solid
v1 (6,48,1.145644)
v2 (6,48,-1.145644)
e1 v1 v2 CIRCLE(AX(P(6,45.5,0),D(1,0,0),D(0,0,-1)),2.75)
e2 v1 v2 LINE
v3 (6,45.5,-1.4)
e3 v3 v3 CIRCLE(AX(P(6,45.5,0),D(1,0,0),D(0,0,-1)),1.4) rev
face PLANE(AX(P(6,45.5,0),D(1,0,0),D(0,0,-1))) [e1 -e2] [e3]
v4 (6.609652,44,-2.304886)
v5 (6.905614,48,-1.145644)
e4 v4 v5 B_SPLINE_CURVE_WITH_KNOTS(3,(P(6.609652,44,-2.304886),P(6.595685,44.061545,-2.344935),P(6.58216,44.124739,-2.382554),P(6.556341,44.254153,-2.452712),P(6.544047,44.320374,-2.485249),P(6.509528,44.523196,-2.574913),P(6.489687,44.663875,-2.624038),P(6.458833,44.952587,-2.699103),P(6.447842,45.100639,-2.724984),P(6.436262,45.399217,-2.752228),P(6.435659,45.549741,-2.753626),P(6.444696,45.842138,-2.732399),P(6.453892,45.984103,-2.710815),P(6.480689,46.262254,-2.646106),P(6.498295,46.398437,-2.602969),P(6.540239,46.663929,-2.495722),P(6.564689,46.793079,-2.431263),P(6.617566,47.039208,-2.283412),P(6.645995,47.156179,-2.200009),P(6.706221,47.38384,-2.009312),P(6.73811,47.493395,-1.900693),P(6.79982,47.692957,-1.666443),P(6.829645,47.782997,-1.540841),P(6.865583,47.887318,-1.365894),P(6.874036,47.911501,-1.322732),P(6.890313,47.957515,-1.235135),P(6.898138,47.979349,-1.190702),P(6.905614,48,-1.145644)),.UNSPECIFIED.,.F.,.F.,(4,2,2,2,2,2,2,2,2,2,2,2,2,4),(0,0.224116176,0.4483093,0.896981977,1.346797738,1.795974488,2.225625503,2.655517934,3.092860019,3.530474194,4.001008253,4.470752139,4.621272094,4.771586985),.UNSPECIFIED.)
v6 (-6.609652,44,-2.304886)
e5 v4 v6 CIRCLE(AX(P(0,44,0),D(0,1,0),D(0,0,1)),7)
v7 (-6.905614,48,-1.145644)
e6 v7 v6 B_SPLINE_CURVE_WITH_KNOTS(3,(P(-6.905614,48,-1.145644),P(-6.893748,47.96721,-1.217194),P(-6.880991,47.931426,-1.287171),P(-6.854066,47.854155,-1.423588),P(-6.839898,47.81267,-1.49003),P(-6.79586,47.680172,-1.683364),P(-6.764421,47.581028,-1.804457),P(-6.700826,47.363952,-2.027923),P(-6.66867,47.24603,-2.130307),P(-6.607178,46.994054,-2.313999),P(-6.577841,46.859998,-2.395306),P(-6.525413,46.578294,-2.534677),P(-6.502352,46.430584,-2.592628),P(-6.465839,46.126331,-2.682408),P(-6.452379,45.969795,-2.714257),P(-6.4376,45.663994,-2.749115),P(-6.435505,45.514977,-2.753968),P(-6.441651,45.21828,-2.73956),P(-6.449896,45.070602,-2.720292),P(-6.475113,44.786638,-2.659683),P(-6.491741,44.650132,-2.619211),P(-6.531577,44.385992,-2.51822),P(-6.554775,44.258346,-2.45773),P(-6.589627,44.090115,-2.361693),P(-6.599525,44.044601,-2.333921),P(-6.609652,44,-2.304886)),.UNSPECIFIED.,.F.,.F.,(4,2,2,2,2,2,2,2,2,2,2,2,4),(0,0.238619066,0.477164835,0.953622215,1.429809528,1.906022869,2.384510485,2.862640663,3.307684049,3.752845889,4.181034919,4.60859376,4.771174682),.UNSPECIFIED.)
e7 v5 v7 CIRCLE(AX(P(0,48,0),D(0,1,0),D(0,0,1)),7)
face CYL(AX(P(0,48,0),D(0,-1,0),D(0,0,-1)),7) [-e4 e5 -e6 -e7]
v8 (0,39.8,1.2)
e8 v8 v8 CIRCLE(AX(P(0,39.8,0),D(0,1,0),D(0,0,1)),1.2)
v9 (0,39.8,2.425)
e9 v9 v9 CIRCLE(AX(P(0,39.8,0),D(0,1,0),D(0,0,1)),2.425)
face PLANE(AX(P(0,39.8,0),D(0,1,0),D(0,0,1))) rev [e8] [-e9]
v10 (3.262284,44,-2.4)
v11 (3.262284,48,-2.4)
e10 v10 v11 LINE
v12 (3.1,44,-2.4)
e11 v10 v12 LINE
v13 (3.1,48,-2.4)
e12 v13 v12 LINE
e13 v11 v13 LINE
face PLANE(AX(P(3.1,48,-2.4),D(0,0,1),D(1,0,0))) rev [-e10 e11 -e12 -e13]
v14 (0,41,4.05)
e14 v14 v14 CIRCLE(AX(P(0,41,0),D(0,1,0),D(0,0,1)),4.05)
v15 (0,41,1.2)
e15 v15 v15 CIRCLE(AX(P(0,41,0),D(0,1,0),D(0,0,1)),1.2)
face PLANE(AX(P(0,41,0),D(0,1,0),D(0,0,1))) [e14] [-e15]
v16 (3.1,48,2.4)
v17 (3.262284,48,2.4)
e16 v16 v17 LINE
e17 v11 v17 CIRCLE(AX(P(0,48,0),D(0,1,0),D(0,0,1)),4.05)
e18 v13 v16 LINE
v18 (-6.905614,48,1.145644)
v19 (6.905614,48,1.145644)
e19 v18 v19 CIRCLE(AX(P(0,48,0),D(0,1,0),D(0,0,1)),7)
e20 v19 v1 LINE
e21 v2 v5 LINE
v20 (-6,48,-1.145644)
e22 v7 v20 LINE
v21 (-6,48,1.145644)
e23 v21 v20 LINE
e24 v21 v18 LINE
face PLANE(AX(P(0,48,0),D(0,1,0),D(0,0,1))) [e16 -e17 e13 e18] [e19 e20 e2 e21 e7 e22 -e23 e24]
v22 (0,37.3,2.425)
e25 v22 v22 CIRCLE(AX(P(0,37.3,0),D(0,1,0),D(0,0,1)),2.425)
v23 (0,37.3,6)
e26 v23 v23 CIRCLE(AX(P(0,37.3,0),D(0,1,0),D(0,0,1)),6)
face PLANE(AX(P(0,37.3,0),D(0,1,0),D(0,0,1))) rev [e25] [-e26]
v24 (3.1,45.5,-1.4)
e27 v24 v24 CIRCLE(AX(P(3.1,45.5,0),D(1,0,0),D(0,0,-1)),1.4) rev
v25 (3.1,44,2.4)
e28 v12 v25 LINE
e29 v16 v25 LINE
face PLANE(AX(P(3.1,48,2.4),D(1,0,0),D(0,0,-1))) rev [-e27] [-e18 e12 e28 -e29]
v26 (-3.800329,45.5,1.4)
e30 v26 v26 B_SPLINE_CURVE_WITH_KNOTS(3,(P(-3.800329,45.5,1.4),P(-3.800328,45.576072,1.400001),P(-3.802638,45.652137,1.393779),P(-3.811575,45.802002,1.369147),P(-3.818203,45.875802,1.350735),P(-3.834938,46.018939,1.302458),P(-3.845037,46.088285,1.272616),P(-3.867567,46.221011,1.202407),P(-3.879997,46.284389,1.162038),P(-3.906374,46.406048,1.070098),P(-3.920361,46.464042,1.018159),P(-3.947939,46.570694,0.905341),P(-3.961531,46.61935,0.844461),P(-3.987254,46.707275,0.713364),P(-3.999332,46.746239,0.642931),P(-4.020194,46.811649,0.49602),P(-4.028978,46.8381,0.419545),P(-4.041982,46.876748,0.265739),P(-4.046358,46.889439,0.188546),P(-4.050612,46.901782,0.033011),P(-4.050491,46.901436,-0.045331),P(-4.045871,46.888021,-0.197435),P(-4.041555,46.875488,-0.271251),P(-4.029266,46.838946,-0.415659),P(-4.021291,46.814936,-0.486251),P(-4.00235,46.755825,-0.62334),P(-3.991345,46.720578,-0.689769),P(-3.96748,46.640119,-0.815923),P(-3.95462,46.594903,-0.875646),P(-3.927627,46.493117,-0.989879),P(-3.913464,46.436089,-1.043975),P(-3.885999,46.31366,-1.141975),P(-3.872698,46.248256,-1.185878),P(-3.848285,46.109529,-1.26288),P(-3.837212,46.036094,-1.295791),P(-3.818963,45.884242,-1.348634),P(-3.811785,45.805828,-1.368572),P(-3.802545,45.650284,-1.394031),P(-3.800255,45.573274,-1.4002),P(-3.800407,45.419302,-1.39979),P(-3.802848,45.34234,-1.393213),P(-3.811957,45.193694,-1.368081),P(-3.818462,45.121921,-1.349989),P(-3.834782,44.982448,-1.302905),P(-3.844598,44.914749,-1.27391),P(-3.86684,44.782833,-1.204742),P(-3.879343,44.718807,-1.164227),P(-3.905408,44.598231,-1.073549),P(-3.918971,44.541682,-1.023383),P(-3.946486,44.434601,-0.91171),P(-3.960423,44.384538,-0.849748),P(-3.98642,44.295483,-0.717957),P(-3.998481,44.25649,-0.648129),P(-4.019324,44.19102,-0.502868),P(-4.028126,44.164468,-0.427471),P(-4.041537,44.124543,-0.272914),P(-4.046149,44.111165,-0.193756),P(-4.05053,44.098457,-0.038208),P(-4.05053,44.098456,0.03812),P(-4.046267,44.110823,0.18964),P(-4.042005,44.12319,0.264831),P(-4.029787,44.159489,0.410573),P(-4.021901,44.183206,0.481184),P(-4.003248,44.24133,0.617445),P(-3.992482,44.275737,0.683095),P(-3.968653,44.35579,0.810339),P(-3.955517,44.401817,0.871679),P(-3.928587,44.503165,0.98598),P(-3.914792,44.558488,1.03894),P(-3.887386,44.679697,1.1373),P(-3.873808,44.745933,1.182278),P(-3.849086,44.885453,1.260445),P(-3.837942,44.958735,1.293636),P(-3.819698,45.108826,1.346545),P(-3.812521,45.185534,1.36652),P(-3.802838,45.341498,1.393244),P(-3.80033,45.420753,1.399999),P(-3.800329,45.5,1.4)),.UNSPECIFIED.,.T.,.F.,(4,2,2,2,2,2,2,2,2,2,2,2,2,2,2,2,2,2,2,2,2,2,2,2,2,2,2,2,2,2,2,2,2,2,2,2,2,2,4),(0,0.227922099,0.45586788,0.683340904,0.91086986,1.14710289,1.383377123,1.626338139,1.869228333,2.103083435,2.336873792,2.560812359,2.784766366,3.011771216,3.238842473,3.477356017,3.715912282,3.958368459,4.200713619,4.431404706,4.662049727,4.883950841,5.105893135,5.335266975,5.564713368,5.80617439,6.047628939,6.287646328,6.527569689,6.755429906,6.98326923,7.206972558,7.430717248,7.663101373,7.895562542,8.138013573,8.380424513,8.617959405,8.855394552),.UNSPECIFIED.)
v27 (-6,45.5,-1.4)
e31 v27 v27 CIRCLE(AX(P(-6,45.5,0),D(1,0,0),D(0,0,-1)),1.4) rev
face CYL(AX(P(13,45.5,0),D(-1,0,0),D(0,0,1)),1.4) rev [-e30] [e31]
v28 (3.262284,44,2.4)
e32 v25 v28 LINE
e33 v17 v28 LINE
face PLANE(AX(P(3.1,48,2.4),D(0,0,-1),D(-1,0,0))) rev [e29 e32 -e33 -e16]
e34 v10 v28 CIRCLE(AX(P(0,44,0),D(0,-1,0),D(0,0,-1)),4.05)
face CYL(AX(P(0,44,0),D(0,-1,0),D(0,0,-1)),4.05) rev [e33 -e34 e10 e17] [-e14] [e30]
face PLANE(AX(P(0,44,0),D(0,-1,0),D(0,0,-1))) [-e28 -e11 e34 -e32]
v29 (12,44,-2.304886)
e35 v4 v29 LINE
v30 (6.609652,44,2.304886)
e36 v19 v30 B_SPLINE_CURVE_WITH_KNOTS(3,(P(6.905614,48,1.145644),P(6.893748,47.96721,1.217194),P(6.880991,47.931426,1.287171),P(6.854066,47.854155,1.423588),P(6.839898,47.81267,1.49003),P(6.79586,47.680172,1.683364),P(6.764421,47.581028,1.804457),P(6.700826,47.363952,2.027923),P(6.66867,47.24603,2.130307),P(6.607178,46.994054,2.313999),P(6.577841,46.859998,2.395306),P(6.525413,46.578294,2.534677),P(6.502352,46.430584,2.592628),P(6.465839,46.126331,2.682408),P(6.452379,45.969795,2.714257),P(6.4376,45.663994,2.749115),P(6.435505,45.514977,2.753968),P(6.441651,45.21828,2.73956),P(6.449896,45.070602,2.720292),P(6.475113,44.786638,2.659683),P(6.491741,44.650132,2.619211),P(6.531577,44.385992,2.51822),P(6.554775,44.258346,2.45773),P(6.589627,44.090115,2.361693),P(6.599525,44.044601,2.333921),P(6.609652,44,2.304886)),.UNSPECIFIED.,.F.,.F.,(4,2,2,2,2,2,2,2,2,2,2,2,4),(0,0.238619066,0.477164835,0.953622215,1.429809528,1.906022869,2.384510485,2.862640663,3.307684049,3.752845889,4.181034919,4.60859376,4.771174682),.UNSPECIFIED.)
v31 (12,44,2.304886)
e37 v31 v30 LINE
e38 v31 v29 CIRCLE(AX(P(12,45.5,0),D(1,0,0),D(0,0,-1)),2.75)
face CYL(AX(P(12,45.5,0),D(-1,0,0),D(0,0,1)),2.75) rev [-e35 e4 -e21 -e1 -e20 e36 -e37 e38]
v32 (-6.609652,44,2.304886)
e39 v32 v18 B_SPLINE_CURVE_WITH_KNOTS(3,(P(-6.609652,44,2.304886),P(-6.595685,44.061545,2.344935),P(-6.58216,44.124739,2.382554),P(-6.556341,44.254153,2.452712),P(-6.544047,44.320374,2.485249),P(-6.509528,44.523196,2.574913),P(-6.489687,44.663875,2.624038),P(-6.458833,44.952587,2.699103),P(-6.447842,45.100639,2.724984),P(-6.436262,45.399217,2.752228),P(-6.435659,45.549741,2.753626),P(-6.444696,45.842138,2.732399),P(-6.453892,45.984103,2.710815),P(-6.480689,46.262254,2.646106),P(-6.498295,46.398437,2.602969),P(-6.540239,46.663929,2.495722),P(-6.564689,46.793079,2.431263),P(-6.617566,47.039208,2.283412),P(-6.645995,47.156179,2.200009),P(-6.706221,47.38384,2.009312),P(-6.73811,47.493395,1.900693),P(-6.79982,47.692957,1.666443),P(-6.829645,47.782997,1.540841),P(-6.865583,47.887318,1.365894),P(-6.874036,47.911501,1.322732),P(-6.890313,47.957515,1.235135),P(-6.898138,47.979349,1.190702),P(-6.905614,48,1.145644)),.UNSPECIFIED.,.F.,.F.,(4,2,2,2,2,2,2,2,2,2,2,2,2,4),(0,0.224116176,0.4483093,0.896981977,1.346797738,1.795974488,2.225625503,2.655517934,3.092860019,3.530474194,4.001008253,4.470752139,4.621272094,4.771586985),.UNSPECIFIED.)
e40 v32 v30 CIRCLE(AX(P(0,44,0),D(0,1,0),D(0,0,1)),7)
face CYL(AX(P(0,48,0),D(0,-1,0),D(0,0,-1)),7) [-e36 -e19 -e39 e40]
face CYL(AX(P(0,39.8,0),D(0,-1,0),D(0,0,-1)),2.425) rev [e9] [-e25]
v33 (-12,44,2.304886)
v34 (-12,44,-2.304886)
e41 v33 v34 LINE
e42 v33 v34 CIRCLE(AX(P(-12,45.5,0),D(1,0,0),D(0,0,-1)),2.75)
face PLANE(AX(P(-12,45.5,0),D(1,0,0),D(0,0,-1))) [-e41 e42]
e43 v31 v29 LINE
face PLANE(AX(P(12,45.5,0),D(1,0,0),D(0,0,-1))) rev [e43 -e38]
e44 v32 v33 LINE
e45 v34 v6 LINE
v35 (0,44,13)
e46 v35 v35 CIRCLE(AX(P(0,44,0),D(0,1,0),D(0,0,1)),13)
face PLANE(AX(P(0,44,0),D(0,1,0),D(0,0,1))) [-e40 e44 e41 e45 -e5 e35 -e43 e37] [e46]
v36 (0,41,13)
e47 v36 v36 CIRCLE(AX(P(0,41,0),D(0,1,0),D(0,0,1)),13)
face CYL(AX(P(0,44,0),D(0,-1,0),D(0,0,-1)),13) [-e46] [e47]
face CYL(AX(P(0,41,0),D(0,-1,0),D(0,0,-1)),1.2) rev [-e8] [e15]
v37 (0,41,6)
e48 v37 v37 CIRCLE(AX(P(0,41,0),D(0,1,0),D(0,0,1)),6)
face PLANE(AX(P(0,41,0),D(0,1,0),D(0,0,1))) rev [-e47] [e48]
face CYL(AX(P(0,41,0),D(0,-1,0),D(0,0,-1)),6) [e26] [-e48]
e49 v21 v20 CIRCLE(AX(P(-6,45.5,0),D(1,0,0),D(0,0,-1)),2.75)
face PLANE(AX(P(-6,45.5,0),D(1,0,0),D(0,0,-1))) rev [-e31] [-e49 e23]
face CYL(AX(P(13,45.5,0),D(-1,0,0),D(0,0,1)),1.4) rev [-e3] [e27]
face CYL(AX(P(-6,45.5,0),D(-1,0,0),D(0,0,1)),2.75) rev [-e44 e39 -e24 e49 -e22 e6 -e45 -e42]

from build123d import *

# Parameters (mm, degrees)
STOCK_HORN_DRIVE_FLANGE_START                 = 41
STOCK_HORN_DRIVE_FLANGE_PROFILE_R             = 13
STOCK_HORN_DRIVE_FLANGE_PROFILE_R_2           = 4.05
STOCK_HORN_DRIVE_FLANGE_DEPTH                 = 3
D_COUPLING_RING_START                         = 44
D_COUPLING_RING_PROFILE_R                     = 7
D_COUPLING_RING_PROFILE_R_2                   = 4.05
D_COUPLING_RING_DEPTH                         = 4
D_KEY_LAND_START                              = 44
D_KEY_LAND_PROFILE_W                          = 2.9
D_KEY_LAND_PROFILE_H                          = 4.8
D_KEY_LAND_DEPTH                              = 4
YAW_POSITIVE_RETENTION_CROSSBOLT_START        = -10
YAW_POSITIVE_RETENTION_CROSSBOLT_PROFILE_R    = 1.1
YAW_POSITIVE_RETENTION_CROSSBOLT_DEPTH        = 62.400389104
CROSSBOLT_FLAT_SEAT_CUT_12_START              = -12
CROSSBOLT_FLAT_SEAT_12_R                      = 2.75
CROSSBOLT_FLAT_SEAT_CUT_12_DEPTH              = 6
CROSSBOLT_FLAT_SEAT_CUT_6_START               = 6
CROSSBOLT_FLAT_SEAT_6_R                       = 2.75
CROSSBOLT_FLAT_SEAT_CUT_6_DEPTH               = 6
SG90_SPLINE_SOCKET_BOSS_OD12_START            = 37.3
SG90_SPLINE_SOCKET_BOSS_PROFILE_R             = 6
SG90_SPLINE_SOCKET_BOSS_OD12_DEPTH            = 3.7
SG90_SPLINE_PRESS_SOCKET_D4P85_DEPTH2P5_START = 37.3
SG90_SPLINE_PRESS_SOCKET_D4P85_DEPTH_2_R      = 2.425
SG90_SPLINE_PRESS_SOCKET_D4P85_DEPTH2P5_DEPTH = 2.5
SG90_CENTRE_SCREW_CLEARANCE_D2P4_START        = 39.8
SG90_CENTRE_SCREW_CLEARANCE_D2P4_PROFILE_R    = 1.2
SG90_CENTRE_SCREW_CLEARANCE_D2P4_DEPTH        = 1.2
CROSSBOLT_AXIAL_FLOAT_CLEARANCE_D2P8_START    = -10
CROSSBOLT_AXIAL_FLOAT_CLEARANCE_D2P8_PRO_R    = 1.4
CROSSBOLT_AXIAL_FLOAT_CLEARANCE_D2P8_DEPTH    = 62.400389197


with BuildPart() as part:
    # Stock_horn_drive_flange_profile → Stock_horn_drive_flange (new body)
    with BuildSketch(Plane(origin=(0, 0, 0), x_dir=(1, 0, 0), z_dir=(0, 1, 0)).offset(STOCK_HORN_DRIVE_FLANGE_START)):
        with Locations(Location((0, 0, 0), (0, 0, 270))):
            Circle(STOCK_HORN_DRIVE_FLANGE_PROFILE_R)
        with Locations(Location((0, 0, 0), (0, 0, 270))):
            Circle(STOCK_HORN_DRIVE_FLANGE_PROFILE_R_2, mode=Mode.SUBTRACT)
    extrude(amount=STOCK_HORN_DRIVE_FLANGE_DEPTH)

    # D_coupling_ring_profile → D_coupling_ring (add)
    with BuildSketch(Plane(origin=(0, 0, 0), x_dir=(1, 0, 0), z_dir=(0, 1, 0)).offset(D_COUPLING_RING_START)):
        with Locations(Location((0, 0, 0), (0, 0, 270))):
            Circle(D_COUPLING_RING_PROFILE_R)
        with Locations(Location((0, 0, 0), (0, 0, 270))):
            Circle(D_COUPLING_RING_PROFILE_R_2, mode=Mode.SUBTRACT)
    extrude(amount=D_COUPLING_RING_DEPTH)

    # D_key_land_profile → D_key_land (add)
    with BuildSketch(Plane(origin=(0, 0, 0), x_dir=(1, 0, 0), z_dir=(0, 1, 0)).offset(D_KEY_LAND_START)):
        with Locations((4.55, 0)):
            Rectangle(D_KEY_LAND_PROFILE_W, D_KEY_LAND_PROFILE_H)
    extrude(amount=D_KEY_LAND_DEPTH)

    # Yaw_positive_retention_crossbolt_profile → Yaw_positive_retention_crossbolt (cut, through all)
    with BuildSketch(Plane(origin=(0, 0, 0), x_dir=(0, 0, -1), z_dir=(1, 0, 0)).offset(YAW_POSITIVE_RETENTION_CROSSBOLT_START)):
        with Locations(Location((0, 45.5, 0), (0, 0, 180))):
            Circle(YAW_POSITIVE_RETENTION_CROSSBOLT_PROFILE_R)
    extrude(amount=YAW_POSITIVE_RETENTION_CROSSBOLT_DEPTH, mode=Mode.SUBTRACT)

    # Crossbolt_flat_seat_-12 → Crossbolt_flat_seat_cut_-12 (cut)
    with BuildSketch(Plane(origin=(0, 0, 0), x_dir=(0, 0, -1), z_dir=(1, 0, 0)).offset(CROSSBOLT_FLAT_SEAT_CUT_12_START)):
        with Locations((0, 45.5)):
            Circle(CROSSBOLT_FLAT_SEAT_12_R)
    extrude(amount=CROSSBOLT_FLAT_SEAT_CUT_12_DEPTH, mode=Mode.SUBTRACT)

    # Crossbolt_flat_seat_6 → Crossbolt_flat_seat_cut_6 (cut)
    with BuildSketch(Plane(origin=(0, 0, 0), x_dir=(0, 0, -1), z_dir=(1, 0, 0)).offset(CROSSBOLT_FLAT_SEAT_CUT_6_START)):
        with Locations((0, 45.5)):
            Circle(CROSSBOLT_FLAT_SEAT_6_R)
    extrude(amount=CROSSBOLT_FLAT_SEAT_CUT_6_DEPTH, mode=Mode.SUBTRACT)

    # SG90_spline_socket_boss_profile → SG90_spline_socket_boss_OD12 (add)
    with BuildSketch(Plane(origin=(0, 0, 0), x_dir=(1, 0, 0), z_dir=(0, 1, 0)).offset(SG90_SPLINE_SOCKET_BOSS_OD12_START)):
        with Locations(Location((0, 0, 0), (0, 0, 270))):
            Circle(SG90_SPLINE_SOCKET_BOSS_PROFILE_R)
    extrude(amount=SG90_SPLINE_SOCKET_BOSS_OD12_DEPTH)

    # SG90_spline_press_socket_D4p85_depth 2 → SG90_spline_press_socket_D4p85_depth2p5 (cut)
    with BuildSketch(Plane(origin=(0, 0, 0), x_dir=(1, 0, 0), z_dir=(0, 1, 0)).offset(SG90_SPLINE_PRESS_SOCKET_D4P85_DEPTH2P5_START)):
        with Locations(Location((0, 0, 0), (0, 0, 270))):
            Circle(SG90_SPLINE_PRESS_SOCKET_D4P85_DEPTH_2_R)
    extrude(amount=SG90_SPLINE_PRESS_SOCKET_D4P85_DEPTH2P5_DEPTH, mode=Mode.SUBTRACT)

    # SG90_centre_screw_clearance_D2p4_profile → SG90_centre_screw_clearance_D2p4 (cut)
    with BuildSketch(Plane(origin=(0, 0, 0), x_dir=(1, 0, 0), z_dir=(0, 1, 0)).offset(SG90_CENTRE_SCREW_CLEARANCE_D2P4_START)):
        with Locations(Location((0, 0, 0), (0, 0, 270))):
            Circle(SG90_CENTRE_SCREW_CLEARANCE_D2P4_PROFILE_R)
    extrude(amount=SG90_CENTRE_SCREW_CLEARANCE_D2P4_DEPTH, mode=Mode.SUBTRACT)

    # Crossbolt_axial_float_clearance_D2p8_profile → Crossbolt_axial_float_clearance_D2p8 (cut, through all)
    with BuildSketch(Plane(origin=(0, 0, 0), x_dir=(0, 0, -1), z_dir=(1, 0, 0)).offset(CROSSBOLT_AXIAL_FLOAT_CLEARANCE_D2P8_START)):
        with Locations((0, 45.5)):
            Circle(CROSSBOLT_AXIAL_FLOAT_CLEARANCE_D2P8_PRO_R)
    extrude(amount=CROSSBOLT_AXIAL_FLOAT_CLEARANCE_D2P8_DEPTH, mode=Mode.SUBTRACT)


solid = part.part
